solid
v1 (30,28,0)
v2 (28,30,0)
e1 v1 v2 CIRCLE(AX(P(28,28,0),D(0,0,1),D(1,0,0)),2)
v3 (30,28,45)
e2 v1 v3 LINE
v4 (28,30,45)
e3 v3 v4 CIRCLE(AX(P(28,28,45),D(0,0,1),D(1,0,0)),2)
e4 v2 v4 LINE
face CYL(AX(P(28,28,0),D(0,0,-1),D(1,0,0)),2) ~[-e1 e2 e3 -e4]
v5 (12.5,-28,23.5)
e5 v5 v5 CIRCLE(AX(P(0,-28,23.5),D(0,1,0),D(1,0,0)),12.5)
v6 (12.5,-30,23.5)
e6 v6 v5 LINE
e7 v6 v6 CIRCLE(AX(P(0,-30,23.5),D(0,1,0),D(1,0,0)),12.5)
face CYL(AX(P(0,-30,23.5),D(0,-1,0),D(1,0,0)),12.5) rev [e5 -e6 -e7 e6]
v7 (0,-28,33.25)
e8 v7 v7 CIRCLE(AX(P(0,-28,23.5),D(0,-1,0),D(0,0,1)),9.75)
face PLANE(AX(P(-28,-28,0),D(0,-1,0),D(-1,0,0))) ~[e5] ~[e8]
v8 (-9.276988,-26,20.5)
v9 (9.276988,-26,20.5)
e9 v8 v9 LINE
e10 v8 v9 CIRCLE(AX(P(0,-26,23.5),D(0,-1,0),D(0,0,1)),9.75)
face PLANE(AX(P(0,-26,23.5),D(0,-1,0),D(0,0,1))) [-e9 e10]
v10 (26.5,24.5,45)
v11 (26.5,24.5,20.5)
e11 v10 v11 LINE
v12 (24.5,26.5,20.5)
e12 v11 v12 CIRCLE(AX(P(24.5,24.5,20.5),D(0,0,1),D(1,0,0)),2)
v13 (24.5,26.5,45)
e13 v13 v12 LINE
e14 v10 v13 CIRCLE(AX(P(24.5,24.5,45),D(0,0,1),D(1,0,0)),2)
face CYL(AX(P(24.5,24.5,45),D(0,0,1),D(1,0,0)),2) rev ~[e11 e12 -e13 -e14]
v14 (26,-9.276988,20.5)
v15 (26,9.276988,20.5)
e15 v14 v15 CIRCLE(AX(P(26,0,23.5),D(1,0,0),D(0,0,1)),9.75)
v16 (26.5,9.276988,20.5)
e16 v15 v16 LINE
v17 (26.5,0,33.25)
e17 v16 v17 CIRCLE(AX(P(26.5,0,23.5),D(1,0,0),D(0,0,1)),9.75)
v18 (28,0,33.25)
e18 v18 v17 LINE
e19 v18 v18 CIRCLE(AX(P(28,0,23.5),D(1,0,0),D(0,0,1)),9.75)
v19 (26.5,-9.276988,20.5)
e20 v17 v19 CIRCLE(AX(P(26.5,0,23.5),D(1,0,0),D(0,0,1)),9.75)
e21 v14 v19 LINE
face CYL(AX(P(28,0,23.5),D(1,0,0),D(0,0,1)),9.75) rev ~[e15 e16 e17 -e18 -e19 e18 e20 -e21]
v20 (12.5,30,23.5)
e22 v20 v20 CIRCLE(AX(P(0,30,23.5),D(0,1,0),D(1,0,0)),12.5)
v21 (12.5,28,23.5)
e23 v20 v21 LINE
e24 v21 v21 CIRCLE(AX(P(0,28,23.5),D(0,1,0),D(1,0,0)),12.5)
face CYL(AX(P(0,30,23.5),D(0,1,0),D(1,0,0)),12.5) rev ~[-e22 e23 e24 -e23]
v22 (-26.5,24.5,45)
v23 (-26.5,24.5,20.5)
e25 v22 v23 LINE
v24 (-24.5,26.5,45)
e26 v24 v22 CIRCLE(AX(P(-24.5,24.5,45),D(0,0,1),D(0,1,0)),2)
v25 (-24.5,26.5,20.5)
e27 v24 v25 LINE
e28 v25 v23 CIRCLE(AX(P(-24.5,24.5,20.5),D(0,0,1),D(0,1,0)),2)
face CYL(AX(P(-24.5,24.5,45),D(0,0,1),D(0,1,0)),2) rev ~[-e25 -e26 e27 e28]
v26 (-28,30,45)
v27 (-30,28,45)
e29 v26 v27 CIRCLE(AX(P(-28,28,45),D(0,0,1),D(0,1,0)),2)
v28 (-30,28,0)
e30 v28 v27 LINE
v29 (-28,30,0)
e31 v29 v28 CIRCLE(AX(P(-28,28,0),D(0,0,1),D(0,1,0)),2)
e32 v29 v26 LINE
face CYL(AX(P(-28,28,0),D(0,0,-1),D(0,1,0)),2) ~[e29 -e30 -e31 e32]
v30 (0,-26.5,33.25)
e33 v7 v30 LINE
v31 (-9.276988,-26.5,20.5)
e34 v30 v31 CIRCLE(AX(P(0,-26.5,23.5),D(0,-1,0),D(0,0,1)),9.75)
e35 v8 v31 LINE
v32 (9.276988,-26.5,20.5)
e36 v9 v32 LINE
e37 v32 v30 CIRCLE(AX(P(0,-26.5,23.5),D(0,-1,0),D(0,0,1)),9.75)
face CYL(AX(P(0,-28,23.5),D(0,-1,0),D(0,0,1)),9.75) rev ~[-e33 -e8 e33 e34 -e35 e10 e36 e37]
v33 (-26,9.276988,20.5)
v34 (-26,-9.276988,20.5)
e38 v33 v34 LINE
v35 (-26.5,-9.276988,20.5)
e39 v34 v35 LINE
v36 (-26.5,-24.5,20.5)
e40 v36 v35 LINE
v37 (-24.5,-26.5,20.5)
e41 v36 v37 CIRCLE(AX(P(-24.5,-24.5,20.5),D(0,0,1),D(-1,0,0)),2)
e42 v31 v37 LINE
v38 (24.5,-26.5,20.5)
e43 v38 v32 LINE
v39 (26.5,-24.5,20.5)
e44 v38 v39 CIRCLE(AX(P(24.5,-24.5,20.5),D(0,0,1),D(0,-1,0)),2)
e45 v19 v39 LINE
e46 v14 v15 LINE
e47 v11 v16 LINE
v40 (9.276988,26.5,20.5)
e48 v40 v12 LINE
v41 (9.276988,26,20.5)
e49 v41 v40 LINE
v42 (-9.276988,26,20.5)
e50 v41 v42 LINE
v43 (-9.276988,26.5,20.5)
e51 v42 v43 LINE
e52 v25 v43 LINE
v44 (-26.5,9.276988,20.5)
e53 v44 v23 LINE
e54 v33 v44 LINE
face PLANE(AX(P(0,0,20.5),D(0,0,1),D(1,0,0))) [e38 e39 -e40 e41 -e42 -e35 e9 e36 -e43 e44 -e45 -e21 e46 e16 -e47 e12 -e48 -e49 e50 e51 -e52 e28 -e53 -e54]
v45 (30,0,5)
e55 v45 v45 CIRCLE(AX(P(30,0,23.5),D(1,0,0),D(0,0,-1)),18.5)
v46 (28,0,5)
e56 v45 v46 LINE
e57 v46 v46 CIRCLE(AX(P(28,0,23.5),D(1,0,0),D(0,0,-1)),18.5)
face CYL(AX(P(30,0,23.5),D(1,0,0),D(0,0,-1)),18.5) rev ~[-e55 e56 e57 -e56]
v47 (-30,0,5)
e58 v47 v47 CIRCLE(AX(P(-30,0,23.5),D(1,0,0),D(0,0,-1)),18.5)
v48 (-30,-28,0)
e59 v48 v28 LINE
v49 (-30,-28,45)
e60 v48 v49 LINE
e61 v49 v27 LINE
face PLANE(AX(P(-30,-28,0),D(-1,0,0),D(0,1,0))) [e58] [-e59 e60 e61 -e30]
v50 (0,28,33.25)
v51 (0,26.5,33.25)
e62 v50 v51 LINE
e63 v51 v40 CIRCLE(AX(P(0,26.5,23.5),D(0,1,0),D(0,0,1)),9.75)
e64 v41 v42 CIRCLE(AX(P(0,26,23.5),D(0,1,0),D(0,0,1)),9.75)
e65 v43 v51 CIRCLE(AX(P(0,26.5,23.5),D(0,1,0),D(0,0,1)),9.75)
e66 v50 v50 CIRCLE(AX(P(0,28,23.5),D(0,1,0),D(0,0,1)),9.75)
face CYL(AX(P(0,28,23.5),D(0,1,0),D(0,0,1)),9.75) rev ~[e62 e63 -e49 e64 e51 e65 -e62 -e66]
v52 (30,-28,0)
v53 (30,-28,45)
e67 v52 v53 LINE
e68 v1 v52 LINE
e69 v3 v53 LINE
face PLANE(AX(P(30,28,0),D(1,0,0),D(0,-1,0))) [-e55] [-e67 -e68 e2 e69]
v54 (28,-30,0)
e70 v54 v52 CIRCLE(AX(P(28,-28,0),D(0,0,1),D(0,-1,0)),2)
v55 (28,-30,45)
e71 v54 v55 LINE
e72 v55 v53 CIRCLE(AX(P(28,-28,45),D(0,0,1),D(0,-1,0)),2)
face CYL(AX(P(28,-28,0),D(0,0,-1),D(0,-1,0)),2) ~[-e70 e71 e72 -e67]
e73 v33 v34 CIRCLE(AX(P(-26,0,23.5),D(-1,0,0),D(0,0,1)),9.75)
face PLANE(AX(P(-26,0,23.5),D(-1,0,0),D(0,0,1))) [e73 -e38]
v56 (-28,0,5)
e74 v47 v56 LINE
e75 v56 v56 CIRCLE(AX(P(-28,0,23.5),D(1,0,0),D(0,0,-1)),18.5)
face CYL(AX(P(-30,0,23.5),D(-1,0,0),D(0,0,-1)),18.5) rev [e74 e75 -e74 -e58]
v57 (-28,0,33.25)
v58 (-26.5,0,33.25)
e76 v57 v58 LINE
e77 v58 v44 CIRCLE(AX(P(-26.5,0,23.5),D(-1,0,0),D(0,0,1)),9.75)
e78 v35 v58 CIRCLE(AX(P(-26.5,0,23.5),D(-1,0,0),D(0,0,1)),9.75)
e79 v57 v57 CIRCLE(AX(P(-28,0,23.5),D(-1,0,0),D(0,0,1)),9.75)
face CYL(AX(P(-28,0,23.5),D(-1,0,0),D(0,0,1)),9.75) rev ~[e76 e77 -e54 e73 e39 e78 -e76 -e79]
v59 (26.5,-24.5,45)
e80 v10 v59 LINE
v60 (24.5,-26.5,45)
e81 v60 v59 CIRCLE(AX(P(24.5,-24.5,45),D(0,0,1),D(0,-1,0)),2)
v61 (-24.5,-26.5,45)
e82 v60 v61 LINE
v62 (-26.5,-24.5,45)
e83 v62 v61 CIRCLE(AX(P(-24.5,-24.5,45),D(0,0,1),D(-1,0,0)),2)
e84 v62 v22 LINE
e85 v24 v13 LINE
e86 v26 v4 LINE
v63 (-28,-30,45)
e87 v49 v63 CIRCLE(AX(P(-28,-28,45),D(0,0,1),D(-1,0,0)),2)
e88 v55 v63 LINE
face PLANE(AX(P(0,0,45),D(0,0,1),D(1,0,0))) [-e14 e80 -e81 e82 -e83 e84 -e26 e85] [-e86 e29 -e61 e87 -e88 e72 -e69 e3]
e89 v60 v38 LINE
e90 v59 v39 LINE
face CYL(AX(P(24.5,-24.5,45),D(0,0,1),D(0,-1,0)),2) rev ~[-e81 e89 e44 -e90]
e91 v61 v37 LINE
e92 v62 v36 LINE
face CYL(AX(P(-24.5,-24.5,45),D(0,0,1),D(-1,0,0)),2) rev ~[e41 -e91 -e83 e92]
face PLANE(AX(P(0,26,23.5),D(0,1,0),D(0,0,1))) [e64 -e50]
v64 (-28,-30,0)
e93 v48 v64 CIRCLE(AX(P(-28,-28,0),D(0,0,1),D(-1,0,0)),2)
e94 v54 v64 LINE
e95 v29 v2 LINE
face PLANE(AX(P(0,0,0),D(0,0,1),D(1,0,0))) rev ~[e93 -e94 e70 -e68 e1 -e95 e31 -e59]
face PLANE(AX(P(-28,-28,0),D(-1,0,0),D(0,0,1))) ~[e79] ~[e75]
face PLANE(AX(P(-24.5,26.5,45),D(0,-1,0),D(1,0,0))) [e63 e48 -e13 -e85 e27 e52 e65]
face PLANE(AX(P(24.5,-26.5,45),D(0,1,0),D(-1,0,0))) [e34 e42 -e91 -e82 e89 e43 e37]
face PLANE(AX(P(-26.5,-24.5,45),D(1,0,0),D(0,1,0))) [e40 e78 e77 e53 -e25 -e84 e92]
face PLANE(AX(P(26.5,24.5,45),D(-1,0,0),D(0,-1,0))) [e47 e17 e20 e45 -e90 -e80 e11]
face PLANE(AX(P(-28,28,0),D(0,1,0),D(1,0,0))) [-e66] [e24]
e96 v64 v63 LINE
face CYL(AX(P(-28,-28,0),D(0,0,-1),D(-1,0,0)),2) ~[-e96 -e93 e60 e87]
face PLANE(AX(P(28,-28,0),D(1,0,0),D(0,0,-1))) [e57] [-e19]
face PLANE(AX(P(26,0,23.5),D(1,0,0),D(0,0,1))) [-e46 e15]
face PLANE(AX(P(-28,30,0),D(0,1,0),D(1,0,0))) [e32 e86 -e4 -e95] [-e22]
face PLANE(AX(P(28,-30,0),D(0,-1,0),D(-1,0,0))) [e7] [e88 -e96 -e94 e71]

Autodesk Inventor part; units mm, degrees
ref_plane "YZ Plane" through (0, 0, 0) normal (1, 0, 0) x (0, 1, 0)
ref_plane "XZ Plane" through (0, 0, 0) normal (0, 1, 0) x (-1, 0, 0)
ref_plane "XY Plane" through (0, 0, 0) normal (0, 0, 1) x (1, 0, 0)
sketch "Sketch1" plane through (0, 0, 0) normal (0, 0, 1) x (1, 0, 0)
  line L0 (-28, 30) -> (28, 30)
  line L1 (30, 28) -> (30, -28)
  line L2 (28, -30) -> (-28, -30)
  line L3 (-30, -28) -> (-30, 28)
  arc A0 (-28, 30) -> (-30, 28) centre (-28, 28) ccw
  arc A1 (-30, -28) -> (-28, -30) centre (-28, -28) ccw
  arc A2 (28, -30) -> (30, -28) centre (28, -28) ccw
  arc A3 (30, 28) -> (28, 30) centre (28, 28) ccw
  point P0 (0, 0)
  point P1 (-30, 30)
  point P2 (30, -30)
  point P3 (30, 30)
  dimension "d0" = 60
  dimension "d1" = 60
  dimension "d2" = 30
  dimension "d3" = 30
  dimension "d4" = 2
extrude "Extrusion1" add sketch "Sketch1" along normal blind 45
sketch "Sketch2" plane through (0, 0, 45) normal (0, 0, 1) x (1, 0, 0)
  line L0 (-24.5, 26.5) -> (24.5, 26.5)
  line L1 (26.5, 24.5) -> (26.5, -24.5)
  line L2 (24.5, -26.5) -> (-24.5, -26.5)
  line L3 (-26.5, -24.5) -> (-26.5, 24.5)
  arc A0 (-24.5, 26.5) -> (-26.5, 24.5) centre (-24.5, 24.5) ccw
  arc A1 (-26.5, -24.5) -> (-24.5, -26.5) centre (-24.5, -24.5) ccw
  arc A2 (24.5, -26.5) -> (26.5, -24.5) centre (24.5, -24.5) ccw
  arc A3 (26.5, 24.5) -> (24.5, 26.5) centre (24.5, 24.5) ccw
  point P0 (0, 0)
  point P1 (-26.5, 26.5)
  point P2 (26.5, -26.5)
  point P3 (26.5, 26.5)
  dimension "d7" = 53
  dimension "d8" = 53
  dimension "d9" = 26.5
  dimension "d10" = 26.5
  dimension "d11" = 2
extrude "Extrusion2" cut sketch "Sketch2" against normal blind 24.5
sketch "Sketch3" plane through (30, -28, 0) normal (1, 0, 0) x (0, 0, -1)
  circle A0 centre (-23.5, 28) radius 18.5
  line L0 (0, 0) -> (0, 56) projected
  point P0 (0, 28)
  point P1 (0, 28)
  dimension "d14" = 37
  dimension "d15" = 23.5
extrude "Extrusion3" cut sketch "Sketch3" against normal blind 2
mirror "Mirror1" about plane through (0, 0, 0) normal (1, 0, 0) of "Extrusion3"
sketch "Sketch4" plane through (-28, 30, 0) normal (0, 1, 0) x (1, 0, 0)
  circle A0 centre (28, -23.5) radius 12.5
  point P0 (28, 0)
  dimension "d18" = 25
  dimension "d19" = 23.5
extrude "Extrusion4" cut sketch "Sketch4" against normal blind 2
mirror "Mirror2" about plane through (0, 0, 0) normal (0, 1, 0) of "Extrusion4"
sketch "Sketch5" plane through (-28, 0, 23.5) normal (-1, 0, 0) x (0, 0, 1)
  circle A0 centre (0, 0) radius 9.75
  circle A1 centre (0, 0) radius 18.5 projected
  point P0 (-23.5, 0)
  dimension "d22" = 19.5
extrude "Extrusion5" cut sketch "Sketch5" against normal blind 2 contours A0
pattern_circular "Circular Pattern1" count 4 over 360 about axis through (0, 0, -10) along (0, 0, 1) of "Extrusion5"
sketch "Sketch6" plane through (0, 0, 20.5) normal (0, 0, 1) x (1, 0, 0)
  line L0 (-20, 17) -> (22, 17)
  line L1 (22, 17) -> (22, -20)
  line L2 (22, -20) -> (-20, -20)
  line L3 (-20, -20) -> (-20, 17)
  point P0 (0, 0)
equation "\"d2\" = 0.5 * d0"
equation "\"d3\" = 0.5 * d1"
equation "\"d9\" = 0.5 * d8"
equation "\"d10\" = 0.5 * d7"
properties part number "sampleChamber_singlePiece_filipeSample_V2"
